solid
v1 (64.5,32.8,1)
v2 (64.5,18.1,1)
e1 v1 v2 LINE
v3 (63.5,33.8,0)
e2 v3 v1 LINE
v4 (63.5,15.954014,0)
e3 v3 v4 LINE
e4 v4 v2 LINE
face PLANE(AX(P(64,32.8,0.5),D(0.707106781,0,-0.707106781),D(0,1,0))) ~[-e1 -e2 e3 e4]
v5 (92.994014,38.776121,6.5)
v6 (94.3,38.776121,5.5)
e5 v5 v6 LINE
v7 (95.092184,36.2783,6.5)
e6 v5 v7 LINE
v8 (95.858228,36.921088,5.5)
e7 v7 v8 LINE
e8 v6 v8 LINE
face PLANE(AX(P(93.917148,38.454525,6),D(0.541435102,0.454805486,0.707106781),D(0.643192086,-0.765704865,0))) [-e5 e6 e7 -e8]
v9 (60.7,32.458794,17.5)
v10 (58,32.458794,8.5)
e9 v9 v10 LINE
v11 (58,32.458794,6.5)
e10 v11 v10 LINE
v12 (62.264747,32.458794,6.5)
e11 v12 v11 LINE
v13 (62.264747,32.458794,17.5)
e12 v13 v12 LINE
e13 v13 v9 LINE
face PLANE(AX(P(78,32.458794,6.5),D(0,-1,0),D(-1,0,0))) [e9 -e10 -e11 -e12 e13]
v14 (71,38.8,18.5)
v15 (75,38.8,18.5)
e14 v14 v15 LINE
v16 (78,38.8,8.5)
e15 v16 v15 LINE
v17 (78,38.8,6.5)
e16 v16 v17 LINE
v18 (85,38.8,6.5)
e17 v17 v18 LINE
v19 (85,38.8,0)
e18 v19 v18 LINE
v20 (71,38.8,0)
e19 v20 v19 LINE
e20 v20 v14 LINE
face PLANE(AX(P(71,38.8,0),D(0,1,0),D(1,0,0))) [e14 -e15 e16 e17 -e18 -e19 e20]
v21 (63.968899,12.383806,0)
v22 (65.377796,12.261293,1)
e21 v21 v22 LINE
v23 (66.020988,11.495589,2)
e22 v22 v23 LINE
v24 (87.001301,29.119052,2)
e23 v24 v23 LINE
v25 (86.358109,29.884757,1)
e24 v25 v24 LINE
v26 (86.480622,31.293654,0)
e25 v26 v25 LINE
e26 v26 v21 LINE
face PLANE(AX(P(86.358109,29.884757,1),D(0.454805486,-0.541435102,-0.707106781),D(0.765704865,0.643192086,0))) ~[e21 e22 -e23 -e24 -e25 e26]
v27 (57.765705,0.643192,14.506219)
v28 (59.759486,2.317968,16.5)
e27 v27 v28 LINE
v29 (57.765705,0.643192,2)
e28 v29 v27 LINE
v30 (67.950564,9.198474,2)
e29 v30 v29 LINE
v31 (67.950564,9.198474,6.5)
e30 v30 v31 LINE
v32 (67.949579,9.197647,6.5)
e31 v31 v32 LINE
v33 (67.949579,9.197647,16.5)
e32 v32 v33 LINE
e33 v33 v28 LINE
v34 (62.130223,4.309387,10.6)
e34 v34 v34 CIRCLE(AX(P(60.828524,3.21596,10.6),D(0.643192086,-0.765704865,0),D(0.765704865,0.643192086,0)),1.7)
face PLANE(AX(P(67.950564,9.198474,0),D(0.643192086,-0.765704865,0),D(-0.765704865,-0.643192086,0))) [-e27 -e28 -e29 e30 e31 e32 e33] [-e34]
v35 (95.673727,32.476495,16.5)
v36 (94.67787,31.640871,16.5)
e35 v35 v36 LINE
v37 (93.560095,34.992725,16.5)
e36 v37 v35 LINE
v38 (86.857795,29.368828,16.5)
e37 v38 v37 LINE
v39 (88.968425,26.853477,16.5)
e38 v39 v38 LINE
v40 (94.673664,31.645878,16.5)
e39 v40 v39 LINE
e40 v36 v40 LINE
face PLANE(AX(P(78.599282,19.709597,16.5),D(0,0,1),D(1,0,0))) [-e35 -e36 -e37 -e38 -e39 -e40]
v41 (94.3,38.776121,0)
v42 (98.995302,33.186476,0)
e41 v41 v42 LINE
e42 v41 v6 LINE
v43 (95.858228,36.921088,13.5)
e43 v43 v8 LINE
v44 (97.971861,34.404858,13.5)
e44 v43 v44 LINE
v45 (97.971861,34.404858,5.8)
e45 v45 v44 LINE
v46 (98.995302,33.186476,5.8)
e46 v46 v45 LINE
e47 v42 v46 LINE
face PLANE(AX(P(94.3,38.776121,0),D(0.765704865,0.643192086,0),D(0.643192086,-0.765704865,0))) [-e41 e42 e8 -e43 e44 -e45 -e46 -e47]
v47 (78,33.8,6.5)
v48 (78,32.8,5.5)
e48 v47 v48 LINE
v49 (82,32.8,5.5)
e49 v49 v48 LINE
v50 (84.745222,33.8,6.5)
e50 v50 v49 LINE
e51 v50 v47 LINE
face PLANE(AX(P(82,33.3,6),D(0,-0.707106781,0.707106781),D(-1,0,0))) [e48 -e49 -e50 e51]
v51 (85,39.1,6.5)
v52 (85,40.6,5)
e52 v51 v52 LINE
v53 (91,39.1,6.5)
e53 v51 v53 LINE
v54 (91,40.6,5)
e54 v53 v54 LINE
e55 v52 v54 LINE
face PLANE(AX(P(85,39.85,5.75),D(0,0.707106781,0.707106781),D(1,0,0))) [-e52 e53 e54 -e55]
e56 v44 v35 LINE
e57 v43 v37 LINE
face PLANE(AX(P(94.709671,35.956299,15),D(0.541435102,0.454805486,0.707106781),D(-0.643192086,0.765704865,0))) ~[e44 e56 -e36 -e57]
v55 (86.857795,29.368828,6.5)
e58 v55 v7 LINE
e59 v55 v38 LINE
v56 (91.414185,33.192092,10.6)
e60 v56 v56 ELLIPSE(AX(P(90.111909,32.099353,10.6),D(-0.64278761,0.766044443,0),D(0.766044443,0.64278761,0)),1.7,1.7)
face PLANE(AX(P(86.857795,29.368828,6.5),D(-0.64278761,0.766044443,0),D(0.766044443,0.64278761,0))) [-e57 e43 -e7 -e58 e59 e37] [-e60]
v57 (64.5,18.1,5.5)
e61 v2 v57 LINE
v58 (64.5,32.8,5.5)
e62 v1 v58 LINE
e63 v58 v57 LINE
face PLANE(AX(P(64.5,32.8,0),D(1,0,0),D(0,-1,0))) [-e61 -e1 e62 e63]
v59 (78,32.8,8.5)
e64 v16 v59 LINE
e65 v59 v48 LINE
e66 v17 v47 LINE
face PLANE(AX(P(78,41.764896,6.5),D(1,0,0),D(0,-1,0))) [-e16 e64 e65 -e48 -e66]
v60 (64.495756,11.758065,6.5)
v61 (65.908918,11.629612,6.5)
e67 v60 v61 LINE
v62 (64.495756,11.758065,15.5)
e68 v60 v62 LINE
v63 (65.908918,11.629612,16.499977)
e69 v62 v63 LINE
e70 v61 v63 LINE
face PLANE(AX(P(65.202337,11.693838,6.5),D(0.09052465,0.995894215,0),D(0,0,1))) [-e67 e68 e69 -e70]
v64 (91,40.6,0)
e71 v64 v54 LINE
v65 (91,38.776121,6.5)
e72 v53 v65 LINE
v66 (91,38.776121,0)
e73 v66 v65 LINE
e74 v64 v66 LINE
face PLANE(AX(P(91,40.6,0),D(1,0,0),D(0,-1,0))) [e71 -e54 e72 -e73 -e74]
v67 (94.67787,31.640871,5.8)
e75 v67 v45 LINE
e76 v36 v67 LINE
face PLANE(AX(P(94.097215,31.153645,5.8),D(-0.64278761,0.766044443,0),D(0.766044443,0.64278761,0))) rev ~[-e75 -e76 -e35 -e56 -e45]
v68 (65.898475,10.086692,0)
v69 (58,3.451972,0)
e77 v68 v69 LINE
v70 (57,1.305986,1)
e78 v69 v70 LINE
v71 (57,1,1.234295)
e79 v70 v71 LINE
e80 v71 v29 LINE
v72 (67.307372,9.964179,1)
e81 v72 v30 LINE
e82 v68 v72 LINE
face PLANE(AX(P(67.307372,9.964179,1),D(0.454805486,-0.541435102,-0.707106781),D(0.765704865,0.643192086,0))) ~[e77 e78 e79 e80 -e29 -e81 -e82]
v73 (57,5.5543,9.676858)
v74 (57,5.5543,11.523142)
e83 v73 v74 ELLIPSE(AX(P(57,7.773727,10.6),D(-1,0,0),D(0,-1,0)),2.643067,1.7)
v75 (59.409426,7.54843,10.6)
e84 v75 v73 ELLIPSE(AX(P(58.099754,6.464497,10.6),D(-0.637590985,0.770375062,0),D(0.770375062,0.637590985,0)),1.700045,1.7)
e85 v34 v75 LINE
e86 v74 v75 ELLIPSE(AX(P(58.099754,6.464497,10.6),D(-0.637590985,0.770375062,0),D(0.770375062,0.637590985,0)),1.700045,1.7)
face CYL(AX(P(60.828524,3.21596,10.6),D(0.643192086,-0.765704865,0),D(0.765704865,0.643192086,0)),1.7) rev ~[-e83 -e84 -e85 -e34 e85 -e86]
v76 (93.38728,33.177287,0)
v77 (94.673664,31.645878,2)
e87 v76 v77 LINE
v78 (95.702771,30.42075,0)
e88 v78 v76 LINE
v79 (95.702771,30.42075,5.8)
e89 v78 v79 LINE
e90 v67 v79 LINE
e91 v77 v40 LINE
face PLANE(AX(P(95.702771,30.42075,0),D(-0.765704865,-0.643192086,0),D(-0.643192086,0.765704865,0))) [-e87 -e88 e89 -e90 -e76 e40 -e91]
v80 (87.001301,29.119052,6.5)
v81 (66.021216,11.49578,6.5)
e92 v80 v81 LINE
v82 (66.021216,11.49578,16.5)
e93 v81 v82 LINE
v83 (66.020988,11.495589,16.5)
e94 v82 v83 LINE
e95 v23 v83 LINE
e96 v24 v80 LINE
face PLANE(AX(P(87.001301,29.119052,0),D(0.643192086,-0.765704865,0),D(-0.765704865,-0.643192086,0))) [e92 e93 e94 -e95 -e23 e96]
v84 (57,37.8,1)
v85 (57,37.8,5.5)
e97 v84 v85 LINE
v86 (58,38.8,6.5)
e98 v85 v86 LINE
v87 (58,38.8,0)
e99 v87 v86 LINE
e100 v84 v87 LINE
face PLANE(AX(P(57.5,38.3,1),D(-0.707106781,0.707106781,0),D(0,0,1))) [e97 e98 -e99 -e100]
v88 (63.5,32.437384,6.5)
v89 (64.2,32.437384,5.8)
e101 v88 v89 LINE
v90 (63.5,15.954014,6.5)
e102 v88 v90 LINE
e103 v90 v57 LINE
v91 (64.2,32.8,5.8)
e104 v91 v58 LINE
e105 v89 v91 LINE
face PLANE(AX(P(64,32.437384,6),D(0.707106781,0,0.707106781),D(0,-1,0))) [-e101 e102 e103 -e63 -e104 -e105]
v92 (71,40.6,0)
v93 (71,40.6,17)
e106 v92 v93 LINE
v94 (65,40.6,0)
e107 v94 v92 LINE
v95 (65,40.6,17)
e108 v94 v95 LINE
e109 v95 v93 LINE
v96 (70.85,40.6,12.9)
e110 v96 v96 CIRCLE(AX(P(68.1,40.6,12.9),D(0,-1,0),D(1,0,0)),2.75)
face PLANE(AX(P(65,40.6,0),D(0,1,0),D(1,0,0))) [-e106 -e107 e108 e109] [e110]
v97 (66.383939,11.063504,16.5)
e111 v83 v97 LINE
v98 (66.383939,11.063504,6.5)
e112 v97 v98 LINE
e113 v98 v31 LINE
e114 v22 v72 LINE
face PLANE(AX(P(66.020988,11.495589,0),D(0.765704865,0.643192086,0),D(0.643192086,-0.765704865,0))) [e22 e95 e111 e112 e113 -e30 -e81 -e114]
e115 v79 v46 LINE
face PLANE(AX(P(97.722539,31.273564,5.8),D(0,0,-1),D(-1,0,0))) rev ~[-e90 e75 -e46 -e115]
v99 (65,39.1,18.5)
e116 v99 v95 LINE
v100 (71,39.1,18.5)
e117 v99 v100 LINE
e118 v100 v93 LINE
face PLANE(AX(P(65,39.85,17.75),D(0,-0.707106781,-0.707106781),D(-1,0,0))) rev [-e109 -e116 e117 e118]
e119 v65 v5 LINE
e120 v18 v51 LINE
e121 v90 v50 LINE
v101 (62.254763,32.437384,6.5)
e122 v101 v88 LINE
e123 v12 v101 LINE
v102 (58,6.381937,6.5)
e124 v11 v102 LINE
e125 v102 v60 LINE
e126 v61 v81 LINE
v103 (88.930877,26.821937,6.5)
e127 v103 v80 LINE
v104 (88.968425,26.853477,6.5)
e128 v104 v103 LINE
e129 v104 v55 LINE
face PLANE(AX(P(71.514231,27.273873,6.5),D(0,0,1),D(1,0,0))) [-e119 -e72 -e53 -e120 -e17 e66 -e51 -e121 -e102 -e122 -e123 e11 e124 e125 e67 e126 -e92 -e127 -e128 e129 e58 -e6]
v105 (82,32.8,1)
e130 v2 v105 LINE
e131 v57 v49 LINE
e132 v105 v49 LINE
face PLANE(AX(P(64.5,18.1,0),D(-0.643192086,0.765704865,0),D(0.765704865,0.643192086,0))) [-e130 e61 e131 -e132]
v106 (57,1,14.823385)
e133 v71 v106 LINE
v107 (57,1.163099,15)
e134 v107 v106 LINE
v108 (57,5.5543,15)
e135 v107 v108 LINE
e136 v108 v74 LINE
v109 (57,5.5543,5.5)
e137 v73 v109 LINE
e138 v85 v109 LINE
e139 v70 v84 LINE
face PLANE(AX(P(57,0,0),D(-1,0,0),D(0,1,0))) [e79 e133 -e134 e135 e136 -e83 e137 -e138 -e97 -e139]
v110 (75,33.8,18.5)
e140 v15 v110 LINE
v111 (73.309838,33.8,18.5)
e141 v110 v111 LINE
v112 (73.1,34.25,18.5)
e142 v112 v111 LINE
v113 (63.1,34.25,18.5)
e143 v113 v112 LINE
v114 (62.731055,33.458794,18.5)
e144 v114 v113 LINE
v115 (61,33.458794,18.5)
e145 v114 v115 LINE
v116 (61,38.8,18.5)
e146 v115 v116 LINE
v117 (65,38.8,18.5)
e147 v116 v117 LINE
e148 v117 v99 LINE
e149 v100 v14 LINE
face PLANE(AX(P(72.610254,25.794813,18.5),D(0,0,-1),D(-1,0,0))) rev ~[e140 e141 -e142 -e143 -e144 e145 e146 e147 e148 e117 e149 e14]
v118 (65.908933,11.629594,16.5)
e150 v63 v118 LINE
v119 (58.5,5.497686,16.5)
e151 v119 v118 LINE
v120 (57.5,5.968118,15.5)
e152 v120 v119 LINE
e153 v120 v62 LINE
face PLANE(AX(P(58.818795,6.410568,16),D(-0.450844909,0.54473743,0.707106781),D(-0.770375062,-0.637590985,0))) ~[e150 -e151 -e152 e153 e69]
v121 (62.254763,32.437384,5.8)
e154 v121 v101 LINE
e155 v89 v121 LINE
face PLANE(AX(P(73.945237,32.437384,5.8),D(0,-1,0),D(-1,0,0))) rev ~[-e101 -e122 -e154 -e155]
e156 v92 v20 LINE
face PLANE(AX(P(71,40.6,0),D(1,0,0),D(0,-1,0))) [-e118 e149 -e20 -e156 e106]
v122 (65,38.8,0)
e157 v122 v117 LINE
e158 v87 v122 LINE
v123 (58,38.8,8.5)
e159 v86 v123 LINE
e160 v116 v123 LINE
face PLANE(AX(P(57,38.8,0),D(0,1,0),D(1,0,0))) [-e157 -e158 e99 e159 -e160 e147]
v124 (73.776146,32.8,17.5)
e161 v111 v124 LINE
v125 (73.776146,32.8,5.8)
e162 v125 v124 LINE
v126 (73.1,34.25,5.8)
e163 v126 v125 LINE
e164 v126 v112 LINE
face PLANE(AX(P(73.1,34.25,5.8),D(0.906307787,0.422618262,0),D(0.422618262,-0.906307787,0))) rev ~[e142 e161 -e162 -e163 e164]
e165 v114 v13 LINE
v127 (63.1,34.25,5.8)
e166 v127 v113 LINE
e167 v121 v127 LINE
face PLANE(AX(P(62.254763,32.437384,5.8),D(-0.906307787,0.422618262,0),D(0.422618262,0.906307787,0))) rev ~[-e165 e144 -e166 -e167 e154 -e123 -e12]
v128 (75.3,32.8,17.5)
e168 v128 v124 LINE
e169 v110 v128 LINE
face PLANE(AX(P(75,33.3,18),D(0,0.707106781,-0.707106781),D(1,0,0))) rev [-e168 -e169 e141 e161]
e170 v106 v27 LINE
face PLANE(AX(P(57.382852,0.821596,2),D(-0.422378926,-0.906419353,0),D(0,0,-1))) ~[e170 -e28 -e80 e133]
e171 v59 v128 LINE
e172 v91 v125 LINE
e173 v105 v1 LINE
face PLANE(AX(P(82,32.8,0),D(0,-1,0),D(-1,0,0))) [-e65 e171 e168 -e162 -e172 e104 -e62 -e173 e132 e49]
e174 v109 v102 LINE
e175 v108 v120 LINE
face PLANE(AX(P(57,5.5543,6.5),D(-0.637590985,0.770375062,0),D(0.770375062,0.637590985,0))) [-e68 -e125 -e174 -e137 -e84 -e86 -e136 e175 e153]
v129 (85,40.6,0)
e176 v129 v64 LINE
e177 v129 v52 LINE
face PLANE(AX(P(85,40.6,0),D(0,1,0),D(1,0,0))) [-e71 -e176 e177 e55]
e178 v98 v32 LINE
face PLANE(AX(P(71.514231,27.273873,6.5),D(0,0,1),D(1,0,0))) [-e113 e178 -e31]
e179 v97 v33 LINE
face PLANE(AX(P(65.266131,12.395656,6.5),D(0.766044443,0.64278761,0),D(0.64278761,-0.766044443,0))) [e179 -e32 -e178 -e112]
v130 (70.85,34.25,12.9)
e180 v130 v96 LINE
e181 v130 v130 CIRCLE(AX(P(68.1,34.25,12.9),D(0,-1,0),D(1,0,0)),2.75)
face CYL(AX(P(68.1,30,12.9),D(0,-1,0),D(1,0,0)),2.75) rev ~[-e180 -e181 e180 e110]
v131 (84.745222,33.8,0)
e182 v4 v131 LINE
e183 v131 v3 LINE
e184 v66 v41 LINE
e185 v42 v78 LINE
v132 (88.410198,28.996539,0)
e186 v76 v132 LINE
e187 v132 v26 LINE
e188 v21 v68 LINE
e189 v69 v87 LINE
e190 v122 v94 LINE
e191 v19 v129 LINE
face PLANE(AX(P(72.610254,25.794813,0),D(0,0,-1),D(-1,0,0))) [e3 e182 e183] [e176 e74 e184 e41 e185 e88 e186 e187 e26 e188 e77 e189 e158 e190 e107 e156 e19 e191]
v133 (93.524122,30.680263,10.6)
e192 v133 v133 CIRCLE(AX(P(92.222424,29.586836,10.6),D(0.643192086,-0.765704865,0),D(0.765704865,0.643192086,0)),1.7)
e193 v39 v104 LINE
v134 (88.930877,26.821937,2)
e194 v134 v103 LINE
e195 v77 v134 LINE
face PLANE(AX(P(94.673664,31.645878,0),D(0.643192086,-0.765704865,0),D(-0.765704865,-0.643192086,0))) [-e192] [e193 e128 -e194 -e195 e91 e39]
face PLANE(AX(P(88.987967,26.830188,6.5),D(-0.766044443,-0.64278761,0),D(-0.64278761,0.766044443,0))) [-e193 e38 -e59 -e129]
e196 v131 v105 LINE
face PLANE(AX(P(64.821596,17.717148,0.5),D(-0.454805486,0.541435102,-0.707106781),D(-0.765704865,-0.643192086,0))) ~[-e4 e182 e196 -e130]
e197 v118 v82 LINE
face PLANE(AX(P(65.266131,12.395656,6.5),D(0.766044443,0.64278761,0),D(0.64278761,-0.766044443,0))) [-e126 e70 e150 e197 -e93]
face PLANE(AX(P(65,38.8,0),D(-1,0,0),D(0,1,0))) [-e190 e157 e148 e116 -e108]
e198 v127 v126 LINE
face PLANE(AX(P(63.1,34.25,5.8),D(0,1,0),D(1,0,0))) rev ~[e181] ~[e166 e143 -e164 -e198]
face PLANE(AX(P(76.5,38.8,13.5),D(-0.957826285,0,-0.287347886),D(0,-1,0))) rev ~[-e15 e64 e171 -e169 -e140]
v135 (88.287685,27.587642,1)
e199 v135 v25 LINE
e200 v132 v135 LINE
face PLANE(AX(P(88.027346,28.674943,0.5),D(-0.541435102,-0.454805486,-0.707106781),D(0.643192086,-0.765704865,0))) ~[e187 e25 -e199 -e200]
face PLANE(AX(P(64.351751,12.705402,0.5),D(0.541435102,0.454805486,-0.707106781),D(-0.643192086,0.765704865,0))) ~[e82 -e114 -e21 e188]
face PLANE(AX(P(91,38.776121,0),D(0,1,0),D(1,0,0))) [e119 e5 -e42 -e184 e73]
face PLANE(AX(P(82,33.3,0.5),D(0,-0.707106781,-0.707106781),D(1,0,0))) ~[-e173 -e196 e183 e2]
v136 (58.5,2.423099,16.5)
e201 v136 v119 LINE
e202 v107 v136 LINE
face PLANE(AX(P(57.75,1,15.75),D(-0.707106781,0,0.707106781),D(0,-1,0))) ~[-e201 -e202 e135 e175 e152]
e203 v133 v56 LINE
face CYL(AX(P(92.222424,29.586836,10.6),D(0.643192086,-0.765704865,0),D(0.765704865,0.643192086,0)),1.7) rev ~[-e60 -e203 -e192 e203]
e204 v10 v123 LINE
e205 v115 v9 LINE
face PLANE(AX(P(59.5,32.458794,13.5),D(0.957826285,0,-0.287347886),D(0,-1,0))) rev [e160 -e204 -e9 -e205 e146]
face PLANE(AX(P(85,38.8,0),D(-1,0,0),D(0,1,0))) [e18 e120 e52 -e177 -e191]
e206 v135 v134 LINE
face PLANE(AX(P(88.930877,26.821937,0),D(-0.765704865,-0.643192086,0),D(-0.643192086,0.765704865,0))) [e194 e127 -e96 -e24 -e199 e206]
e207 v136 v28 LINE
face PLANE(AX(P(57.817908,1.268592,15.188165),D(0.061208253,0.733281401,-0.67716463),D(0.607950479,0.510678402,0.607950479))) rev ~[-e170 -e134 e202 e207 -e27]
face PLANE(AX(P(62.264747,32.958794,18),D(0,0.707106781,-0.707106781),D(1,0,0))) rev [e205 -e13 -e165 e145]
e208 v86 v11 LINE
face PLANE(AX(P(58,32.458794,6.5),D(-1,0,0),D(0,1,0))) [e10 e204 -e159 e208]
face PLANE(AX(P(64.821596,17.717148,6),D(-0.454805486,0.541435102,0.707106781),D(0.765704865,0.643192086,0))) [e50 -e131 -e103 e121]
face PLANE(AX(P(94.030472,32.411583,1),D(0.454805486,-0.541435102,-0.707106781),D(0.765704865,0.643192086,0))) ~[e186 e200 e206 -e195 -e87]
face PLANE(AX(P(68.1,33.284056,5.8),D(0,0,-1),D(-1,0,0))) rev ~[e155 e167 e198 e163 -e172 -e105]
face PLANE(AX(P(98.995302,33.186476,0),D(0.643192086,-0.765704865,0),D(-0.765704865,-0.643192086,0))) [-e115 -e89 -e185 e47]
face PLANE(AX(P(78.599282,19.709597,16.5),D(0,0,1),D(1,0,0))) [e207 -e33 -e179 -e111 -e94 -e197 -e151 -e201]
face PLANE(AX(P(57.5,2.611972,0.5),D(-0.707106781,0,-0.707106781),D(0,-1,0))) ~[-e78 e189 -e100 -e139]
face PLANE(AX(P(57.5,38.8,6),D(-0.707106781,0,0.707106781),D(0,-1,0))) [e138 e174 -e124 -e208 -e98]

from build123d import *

# Parameters (mm, degrees)
PAD019_DEPTH     = 18.5
POCKET042_DEPTH  = 13
POCKET043_DEPTH  = 5
POCKET044_DEPTH  = 15
CHAMFER018_SIZE  = 3
CHAMFER019_SIZE  = 2
CHAMFER020_SIZE  = 1
CHAMFER021_SIZE  = 1
CHAMFER022_SIZE  = 1
CHAMFER023_SIZE  = 1
CHAMFER024_SIZE  = 1
CHAMFER025_SIZE  = 1.5
CHAMFER026_SIZE  = 1
CHAMFER027_SIZE  = 1
CHAMFER028_SIZE  = 1
CHAMFER029_SIZE  = 1
CHAMFER030_SIZE  = 1.5
CHAMFER031_SIZE2 = 3
CHAMFER031_SIZE  = 10
CHAMFER032_SIZE2 = 10
CHAMFER032_SIZE  = 3
CHAMFER033_SIZE  = 1
CHAMFER034_SIZE  = 1.5
CHAMFER035_SIZE  = 1
SKETCH082_R      = 2.75
POCKET045_DEPTH  = 12
SKETCH083_R      = 1.7
POCKET046_DEPTH  = 5


with BuildPart() as part:
    # Sketch078 → Pad019 (new body)
    with BuildSketch(Plane.XY):
        Polygon((0, 38.8), (8, 38.8), (8, 40.6), (14, 40.6), (14, 38.8), (28, 38.8), (28, 40.6), (34, 40.6), (34, 38.7761214391), (37.3, 38.7761214391), (41.9953022309, 33.1864759261), (38.7027713123, 30.4207499545), (37.673663974, 31.6458777382), (31.9308774881, 26.82193709), (30.0013012288, 29.1190516844), (9.0209879336, 11.4955885164), (10.9505641929, 9.198473922), (0, 0), align=None)
        Polygon((7.5, 32.8), (7.5, 18.1), (25, 32.8), align=None, mode=Mode.SUBTRACT)
    extrude(amount=PAD019_DEPTH)

    # Sketch079 → Pocket042 (cut)
    with BuildSketch(Plane.XY.offset(6.5)):
        Polygon((0, 5.5542995553), (8.2661306752, 12.395656), (10.9598026716, 9.1854627211), (31.9879670751, 26.8301877163), (29.8577953381, 29.3688275367), (38.9152591587, 36.9689420879), (34.890976, 41.764896), (21, 41.764896), (21, 32.458794), (1, 32.458794), (1, 41.759258), (0, 41.764896), align=None)
    extrude(amount=POCKET042_DEPTH, mode=Mode.SUBTRACT)

    # Sketch080 → Pocket043 (cut)
    with BuildSketch(Plane.XY.offset(16.5)):
        Polygon((-0.8541061726, -4.3526620467), (49.194970654, 37.6434998606), (44.0526697777, 43.7718554052), (-5.9964070501, 1.7756934982), align=None)
    extrude(amount=POCKET043_DEPTH, mode=Mode.SUBTRACT)

    # Sketch081 → Pocket044 (cut)
    with BuildSketch(Plane.XY.offset(5.8)):
        Polygon((37.0972154509, 31.1536445146), (41.470166846, 34.8229864174), (44.3478623025, 31.3934825187), (39.9749109074, 27.724140616), align=None)
        Polygon((6.1, 34.25), (16.1, 34.25), (16.9452365235, 32.4373844259), (5.2547634765, 32.4373844259), align=None)
    extrude(amount=POCKET044_DEPTH, mode=Mode.SUBTRACT)

    # Chamfer018
    chamfer018_edges = [part.edges().sort_by_distance(p)[0] for p in [
        (39.915045, 35.662973, 16.5),
    ]]
    chamfer(chamfer018_edges, length=CHAMFER018_SIZE)

    # Chamfer019
    chamfer019_edges = [part.edges().sort_by_distance(p)[0] for p in [
        (5.475282, 4.599237, 0),
        (19.511145, 20.30732, 0),
        (34.802271, 29.233907, 0),
    ]]
    chamfer(chamfer019_edges, length=CHAMFER019_SIZE)

    # Chamfer020
    chamfer020_edges = [part.edges().sort_by_distance(p)[0] for p in [
        (9.342584, 11.112736, 0),
        (8.377796, 12.261293, 0),
        (29.358109, 29.884757, 0),
        (30.322897, 28.736199, 0),
    ]]
    chamfer(chamfer020_edges, length=CHAMFER020_SIZE)

    # Chamfer021
    chamfer021_edges = [part.edges().sort_by_distance(p)[0] for p in [
        (7.5, 25.45, 0),
        (16.25, 25.45, 0),
        (16.25, 32.8, 0),
    ]]
    chamfer(chamfer021_edges, length=CHAMFER021_SIZE)

    # Chamfer022
    chamfer022_edges = [part.edges().sort_by_distance(p)[0] for p in [
        (0, 20.705986, 0),
        (0, 22.17715, 6.5),
    ]]
    chamfer(chamfer022_edges, length=CHAMFER022_SIZE)

    # Chamfer023
    chamfer023_edges = [part.edges().sort_by_distance(p)[0] for p in [
        (0, 38.8, 3.25),
    ]]
    chamfer(chamfer023_edges, length=CHAMFER023_SIZE)

    # Chamfer024
    chamfer024_edges = [part.edges().sort_by_distance(p)[0] for p in [
        (0, 0, 9.25),
    ]]
    chamfer(chamfer024_edges, length=CHAMFER024_SIZE)

    # Chamfer025
    chamfer025_edges = [part.edges().sort_by_distance(p)[0] for p in [
        (0, 3.27715, 16.5),
    ]]
    chamfer(chamfer025_edges, length=CHAMFER025_SIZE)

    # Chamfer026
    chamfer026_edges = [part.edges().sort_by_distance(p)[0] for p in [
        (4.883065, 9.595706, 16.5),
    ]]
    chamfer(chamfer026_edges, length=CHAMFER026_SIZE)

    # Chamfer027
    chamfer027_edges = [part.edges().sort_by_distance(p)[0] for p in [
        (1.132852, 0.951596, 16.132852),
    ]]
    chamfer(chamfer027_edges, length=CHAMFER027_SIZE)

    # Chamfer028
    chamfer028_edges = [part.edges().sort_by_distance(p)[0] for p in [
        (8.266131, 12.395656, 11),
    ]]
    chamfer(chamfer028_edges, length=CHAMFER028_SIZE)

    # Chamfer029
    chamfer029_edges = [part.edges().sort_by_distance(p)[0] for p in [
        (38.079114, 37.848605, 6.5),
    ]]
    chamfer(chamfer029_edges, length=CHAMFER029_SIZE)

    # Chamfer030
    chamfer030_edges = [part.edges().sort_by_distance(p)[0] for p in [
        (31, 40.6, 6.5),
    ]]
    chamfer(chamfer030_edges, length=CHAMFER030_SIZE)

    # Chamfer031
    chamfer031_edges = [part.edges().sort_by_distance(p)[0] for p in [
        (21, 35.8, 18.5),
    ]]
    chamfer031_side = part.faces().sort_by_distance((21, 35.8, 12.5))[0]
    chamfer(chamfer031_edges, length=CHAMFER031_SIZE, length2=CHAMFER031_SIZE2, reference=chamfer031_side)

    # Chamfer032
    chamfer032_edges = [part.edges().sort_by_distance(p)[0] for p in [
        (1, 35.629397, 18.5),
    ]]
    chamfer032_side = part.faces().sort_by_distance((9.318343, 36.537604, 18.5))[0]
    chamfer(chamfer032_edges, length=CHAMFER032_SIZE, length2=CHAMFER032_SIZE2, reference=chamfer032_side)

    # Chamfer033
    chamfer033_edges = [part.edges().sort_by_distance(p)[0] for p in [
        (17.388073, 32.8, 18.5),
        (4.632373, 32.458794, 18.5),
    ]]
    chamfer(chamfer033_edges, length=CHAMFER033_SIZE)

    # Chamfer034
    chamfer034_edges = [part.edges().sort_by_distance(p)[0] for p in [
        (11, 40.6, 18.5),
    ]]
    chamfer(chamfer034_edges, length=CHAMFER034_SIZE)

    # Chamfer035
    chamfer035_edges = [part.edges().sort_by_distance(p)[0] for p in [
        (23, 32.8, 6.5),
        (16.25, 25.45, 6.5),
        (7.5, 25.268692, 6.5),
    ]]
    chamfer(chamfer035_edges, length=CHAMFER035_SIZE)

    # Sketch082 → Pocket045 (cut)
    with BuildSketch(Plane.XZ.offset(-30)):
        with Locations((11.1, 12.9)):
            Circle(SKETCH082_R)
    extrude(amount=-POCKET045_DEPTH, mode=Mode.SUBTRACT)

    # Sketch083 (on DatumPlane) → Pocket046 (cut)
    with BuildSketch(Plane(origin=(0, 0, 0), x_dir=(0.7657048648, 0.6431920864, 0), z_dir=(0.6431920864, -0.7657048648, 0))):
        with Locations((5, 10.6)):
            Circle(SKETCH083_R)
        with Locations((46, 10.6)):
            Circle(SKETCH083_R)
    extrude(amount=-POCKET046_DEPTH, mode=Mode.SUBTRACT)


with BuildPart() as part_1:
    # Body015 placement: moved
    add(part.part.moved(Location((57, 0, 0))))


solid = part_1.part
